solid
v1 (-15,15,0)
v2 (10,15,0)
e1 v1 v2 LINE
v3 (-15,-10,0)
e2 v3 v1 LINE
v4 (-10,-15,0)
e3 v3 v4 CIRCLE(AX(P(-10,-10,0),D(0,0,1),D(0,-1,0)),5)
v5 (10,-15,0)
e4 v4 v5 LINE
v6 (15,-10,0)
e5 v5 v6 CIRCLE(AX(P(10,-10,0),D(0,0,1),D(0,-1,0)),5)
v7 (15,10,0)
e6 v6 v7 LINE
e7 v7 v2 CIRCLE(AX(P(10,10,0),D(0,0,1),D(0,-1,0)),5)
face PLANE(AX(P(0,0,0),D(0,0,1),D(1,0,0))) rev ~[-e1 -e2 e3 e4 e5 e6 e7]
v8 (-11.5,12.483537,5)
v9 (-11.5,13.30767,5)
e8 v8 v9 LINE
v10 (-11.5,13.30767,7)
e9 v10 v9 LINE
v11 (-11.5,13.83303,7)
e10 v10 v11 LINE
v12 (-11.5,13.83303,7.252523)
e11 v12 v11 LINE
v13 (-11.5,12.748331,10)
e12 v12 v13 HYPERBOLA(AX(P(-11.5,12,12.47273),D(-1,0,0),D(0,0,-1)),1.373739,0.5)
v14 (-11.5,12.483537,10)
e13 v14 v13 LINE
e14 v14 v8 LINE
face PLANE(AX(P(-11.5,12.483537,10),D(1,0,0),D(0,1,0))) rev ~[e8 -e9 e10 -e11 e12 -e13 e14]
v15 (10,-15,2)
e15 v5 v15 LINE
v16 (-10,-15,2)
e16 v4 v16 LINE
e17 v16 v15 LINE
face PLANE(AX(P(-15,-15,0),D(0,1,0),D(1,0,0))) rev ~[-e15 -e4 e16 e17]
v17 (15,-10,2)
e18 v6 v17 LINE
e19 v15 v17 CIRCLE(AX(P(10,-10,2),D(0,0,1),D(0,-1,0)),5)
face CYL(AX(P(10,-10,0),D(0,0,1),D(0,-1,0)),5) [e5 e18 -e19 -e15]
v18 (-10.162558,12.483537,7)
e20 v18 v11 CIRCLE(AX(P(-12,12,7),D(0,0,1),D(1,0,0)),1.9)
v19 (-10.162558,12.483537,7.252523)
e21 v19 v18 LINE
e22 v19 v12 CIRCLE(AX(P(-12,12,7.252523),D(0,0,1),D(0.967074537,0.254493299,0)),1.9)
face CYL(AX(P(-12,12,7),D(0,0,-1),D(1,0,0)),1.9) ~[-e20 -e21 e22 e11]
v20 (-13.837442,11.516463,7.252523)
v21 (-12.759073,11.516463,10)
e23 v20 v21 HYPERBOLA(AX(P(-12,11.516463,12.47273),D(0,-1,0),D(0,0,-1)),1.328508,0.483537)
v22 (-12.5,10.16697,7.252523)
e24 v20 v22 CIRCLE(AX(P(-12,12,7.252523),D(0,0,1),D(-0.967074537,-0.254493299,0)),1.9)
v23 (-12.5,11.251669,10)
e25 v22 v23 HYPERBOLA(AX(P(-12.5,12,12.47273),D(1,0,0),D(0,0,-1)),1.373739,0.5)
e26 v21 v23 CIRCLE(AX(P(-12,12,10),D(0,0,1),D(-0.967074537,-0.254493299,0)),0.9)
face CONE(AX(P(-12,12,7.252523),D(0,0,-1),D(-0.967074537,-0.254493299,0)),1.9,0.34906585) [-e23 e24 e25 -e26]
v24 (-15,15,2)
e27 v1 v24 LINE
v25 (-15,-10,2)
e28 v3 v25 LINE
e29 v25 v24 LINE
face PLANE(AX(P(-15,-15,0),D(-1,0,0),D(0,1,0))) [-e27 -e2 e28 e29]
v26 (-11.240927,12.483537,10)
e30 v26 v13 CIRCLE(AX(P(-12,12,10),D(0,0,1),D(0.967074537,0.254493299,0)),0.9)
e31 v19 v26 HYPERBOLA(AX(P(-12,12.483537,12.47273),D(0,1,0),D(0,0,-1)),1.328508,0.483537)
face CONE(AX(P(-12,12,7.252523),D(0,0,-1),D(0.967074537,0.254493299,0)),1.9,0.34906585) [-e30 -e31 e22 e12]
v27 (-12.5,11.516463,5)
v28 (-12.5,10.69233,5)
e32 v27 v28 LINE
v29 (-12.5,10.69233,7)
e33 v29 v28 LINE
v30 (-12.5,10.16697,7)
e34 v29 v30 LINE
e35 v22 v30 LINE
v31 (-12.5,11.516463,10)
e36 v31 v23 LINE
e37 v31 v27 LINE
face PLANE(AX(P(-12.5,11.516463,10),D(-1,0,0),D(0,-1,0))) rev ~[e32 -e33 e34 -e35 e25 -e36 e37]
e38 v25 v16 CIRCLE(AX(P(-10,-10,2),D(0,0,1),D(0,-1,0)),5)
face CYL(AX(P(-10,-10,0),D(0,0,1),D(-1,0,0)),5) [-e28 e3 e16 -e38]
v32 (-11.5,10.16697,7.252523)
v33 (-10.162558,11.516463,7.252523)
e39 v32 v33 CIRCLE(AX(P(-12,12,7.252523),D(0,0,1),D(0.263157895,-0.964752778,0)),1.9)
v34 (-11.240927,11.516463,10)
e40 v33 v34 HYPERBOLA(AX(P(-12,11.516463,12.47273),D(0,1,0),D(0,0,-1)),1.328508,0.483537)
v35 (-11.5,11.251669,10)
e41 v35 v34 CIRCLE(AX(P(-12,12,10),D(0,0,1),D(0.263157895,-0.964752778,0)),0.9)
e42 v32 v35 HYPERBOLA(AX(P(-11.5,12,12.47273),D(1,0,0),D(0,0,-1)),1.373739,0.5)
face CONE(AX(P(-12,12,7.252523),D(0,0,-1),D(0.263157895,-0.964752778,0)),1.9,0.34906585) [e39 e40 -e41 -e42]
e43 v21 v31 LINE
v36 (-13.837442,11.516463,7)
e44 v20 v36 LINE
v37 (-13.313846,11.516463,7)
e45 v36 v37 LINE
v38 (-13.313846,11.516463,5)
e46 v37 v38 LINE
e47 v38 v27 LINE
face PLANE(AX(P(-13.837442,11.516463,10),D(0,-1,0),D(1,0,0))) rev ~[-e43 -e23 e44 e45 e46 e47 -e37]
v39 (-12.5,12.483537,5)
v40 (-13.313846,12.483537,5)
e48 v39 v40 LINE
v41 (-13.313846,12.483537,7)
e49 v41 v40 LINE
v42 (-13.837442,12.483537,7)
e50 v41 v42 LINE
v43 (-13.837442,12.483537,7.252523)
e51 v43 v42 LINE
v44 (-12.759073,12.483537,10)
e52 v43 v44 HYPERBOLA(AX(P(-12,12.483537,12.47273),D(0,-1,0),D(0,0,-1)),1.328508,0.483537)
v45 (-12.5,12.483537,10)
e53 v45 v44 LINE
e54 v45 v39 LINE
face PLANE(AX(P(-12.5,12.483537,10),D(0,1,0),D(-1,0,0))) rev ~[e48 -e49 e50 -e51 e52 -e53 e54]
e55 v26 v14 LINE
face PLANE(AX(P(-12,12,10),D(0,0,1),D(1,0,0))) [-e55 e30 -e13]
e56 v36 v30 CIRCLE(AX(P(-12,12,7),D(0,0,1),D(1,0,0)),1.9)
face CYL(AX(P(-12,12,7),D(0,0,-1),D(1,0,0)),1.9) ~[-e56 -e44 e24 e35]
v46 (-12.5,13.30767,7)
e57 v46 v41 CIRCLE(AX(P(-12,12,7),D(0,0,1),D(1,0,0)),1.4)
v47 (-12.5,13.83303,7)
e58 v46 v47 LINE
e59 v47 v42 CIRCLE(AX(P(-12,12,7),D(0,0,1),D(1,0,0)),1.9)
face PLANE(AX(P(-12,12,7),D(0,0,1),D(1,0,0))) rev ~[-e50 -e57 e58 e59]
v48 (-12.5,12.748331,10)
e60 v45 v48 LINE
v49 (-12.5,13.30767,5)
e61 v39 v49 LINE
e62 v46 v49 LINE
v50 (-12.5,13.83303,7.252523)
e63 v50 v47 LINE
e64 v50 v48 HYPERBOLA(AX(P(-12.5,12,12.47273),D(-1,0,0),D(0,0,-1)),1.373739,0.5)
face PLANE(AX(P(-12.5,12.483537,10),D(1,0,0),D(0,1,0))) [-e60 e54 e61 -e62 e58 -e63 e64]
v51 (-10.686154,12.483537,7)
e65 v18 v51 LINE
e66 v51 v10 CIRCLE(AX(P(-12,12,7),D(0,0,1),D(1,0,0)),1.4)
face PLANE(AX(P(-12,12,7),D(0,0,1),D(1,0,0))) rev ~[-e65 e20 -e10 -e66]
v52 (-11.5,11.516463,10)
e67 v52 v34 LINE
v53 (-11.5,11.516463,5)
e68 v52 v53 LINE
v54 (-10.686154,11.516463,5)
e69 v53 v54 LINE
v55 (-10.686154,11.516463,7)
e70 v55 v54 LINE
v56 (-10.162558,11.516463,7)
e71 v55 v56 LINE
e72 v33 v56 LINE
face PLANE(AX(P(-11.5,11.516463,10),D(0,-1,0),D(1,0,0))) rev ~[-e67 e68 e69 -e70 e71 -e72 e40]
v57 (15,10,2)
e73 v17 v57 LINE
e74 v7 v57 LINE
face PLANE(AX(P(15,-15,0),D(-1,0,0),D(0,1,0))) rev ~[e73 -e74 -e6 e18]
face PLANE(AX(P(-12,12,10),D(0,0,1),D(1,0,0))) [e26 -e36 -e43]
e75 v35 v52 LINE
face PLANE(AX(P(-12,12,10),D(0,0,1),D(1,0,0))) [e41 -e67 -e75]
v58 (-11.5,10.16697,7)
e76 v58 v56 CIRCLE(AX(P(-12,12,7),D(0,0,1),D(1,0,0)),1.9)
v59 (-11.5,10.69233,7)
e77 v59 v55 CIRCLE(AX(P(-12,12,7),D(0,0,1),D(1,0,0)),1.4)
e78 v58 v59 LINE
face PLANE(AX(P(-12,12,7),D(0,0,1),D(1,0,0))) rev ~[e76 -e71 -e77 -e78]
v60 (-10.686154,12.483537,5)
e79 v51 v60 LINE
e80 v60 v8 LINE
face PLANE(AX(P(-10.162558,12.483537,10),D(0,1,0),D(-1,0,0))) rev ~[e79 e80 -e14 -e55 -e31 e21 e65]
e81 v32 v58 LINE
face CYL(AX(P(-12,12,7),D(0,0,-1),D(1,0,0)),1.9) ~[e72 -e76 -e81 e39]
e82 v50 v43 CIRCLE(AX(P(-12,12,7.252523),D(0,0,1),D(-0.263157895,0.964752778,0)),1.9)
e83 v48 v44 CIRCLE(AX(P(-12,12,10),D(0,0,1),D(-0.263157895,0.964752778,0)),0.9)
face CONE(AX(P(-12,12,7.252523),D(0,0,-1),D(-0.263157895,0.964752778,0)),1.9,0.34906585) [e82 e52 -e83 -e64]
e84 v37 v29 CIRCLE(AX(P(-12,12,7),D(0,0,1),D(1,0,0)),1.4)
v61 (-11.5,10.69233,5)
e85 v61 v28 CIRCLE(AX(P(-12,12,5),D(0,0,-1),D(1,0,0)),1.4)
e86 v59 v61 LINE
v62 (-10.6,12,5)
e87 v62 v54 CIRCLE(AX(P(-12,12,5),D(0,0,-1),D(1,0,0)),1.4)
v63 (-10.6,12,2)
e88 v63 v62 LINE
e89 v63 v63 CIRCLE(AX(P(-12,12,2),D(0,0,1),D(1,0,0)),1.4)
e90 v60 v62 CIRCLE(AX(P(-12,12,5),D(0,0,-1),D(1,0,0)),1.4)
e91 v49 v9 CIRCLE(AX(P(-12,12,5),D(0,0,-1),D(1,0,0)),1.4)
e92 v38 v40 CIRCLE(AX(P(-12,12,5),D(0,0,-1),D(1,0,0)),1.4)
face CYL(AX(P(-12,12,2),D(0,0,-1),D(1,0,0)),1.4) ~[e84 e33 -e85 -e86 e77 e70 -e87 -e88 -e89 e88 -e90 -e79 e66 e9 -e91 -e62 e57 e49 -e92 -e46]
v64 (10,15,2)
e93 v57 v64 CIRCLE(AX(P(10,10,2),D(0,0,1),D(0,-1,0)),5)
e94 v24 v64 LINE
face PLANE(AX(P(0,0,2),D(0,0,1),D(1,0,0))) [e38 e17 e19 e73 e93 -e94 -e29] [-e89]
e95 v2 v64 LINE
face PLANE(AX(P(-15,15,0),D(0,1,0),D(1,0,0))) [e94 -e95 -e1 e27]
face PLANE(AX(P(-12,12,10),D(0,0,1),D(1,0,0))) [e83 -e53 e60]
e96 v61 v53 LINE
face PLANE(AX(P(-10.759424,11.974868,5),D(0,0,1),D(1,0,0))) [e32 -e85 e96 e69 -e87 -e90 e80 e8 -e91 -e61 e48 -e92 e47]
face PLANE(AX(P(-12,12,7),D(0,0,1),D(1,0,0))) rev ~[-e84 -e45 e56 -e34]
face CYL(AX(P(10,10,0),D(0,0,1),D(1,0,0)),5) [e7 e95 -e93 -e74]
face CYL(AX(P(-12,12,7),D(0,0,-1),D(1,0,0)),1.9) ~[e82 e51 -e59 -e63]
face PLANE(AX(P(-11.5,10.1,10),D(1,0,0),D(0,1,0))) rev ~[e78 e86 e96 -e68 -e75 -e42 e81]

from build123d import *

# Parameters (mm, degrees)
F0_W       = 30
F0_H       = 30
F1_DEPTH   = 2
F2_R       = 5
F3_R       = 1.4
F4_DEPTH   = 5
F5_R       = 1.9
F6_DEPTH   = 3
F7_W       = 1
F7_H       = 1.4164627314
F7_H_2     = 0.9670745373
F8_DEPTH   = 5
F9_SIZE2   = 1
F9_SIZE    = 2.7474774195
F9_2_SIZE2 = 1
F9_2_SIZE  = 2.7474774195
F9_3_SIZE2 = 1
F9_3_SIZE  = 2.7474774195
F9_4_SIZE2 = 1
F9_4_SIZE  = 2.7474774195


with BuildPart() as f1:
    # F0 (on Top) → F1 (new body)
    with BuildSketch(Plane.XY):
        Rectangle(F0_W, F0_H)
    extrude(amount=F1_DEPTH)

    # F2
    f2_edges = [f1.edges().sort_by_distance(p)[0] for p in [
        (-15, -15, 1),
        (15, -15, 1),
        (15, 15, 1),
    ]]
    fillet(f2_edges, radius=F2_R)

    # F3 (on face) → F4 (join)
    with BuildSketch(Plane.XY.offset(2)):
        with Locations((-12, 12)):
            Circle(F3_R)
    extrude(amount=F4_DEPTH)

    # F5 (on face) → F6 (join)
    with BuildSketch(Plane.XY.offset(7)):
        with Locations((-12, 12)):
            Circle(F5_R)
    extrude(amount=F6_DEPTH)

    # F7 (on face) → F8 (cut)
    with BuildSketch(Plane.XY.offset(10)):
        Polygon((-11.5, 11.5164627314), (-9.9080650799, 11.5164627314), (-10.1625583792, 12.4835372686), (-11.5, 12.4835372686), align=None)
        with Locations((-12, 10.8082313657)):
            Rectangle(F7_W, F7_H)
        with Locations((-12, 12)):
            Rectangle(F7_W, F7_H_2)
        Polygon((-13.8374416208, 11.5164627314), (-12.5, 11.5164627314), (-12.5, 12.4835372686), (-14.0919349201, 12.4835372686), align=None)
        with Locations((-12, 13.1917686343)):
            Rectangle(F7_W, F7_H)
    extrude(amount=-F8_DEPTH, mode=Mode.SUBTRACT)

    # F9
    f9_edges = [f1.edges().sort_by_distance(p)[0] for p in [
        (-10.650485, 13.337464, 10),
    ]]
    f9_side = f1.faces().sort_by_distance((-10.650485, 13.337464, 8.5))[0]
    chamfer(f9_edges, length=F9_SIZE, length2=F9_SIZE2, reference=f9_side)

    # F9#2
    f9_2_edges = [f1.edges().sort_by_distance(p)[0] for p in [
        (-10.650485, 10.662536, 10),
    ]]
    f9_2_side = f1.faces().sort_by_distance((-10.650485, 10.662536, 8.5))[0]
    chamfer(f9_2_edges, length=F9_2_SIZE, length2=F9_2_SIZE2, reference=f9_2_side)

    # F9#3
    f9_3_edges = [f1.edges().sort_by_distance(p)[0] for p in [
        (-13.349515, 13.337464, 10),
    ]]
    f9_3_side = f1.faces().sort_by_distance((-13.349515, 13.337464, 8.5))[0]
    chamfer(f9_3_edges, length=F9_3_SIZE, length2=F9_3_SIZE2, reference=f9_3_side)

    # F9#4
    f9_4_edges = [f1.edges().sort_by_distance(p)[0] for p in [
        (-13.349515, 10.662536, 10),
    ]]
    f9_4_side = f1.faces().sort_by_distance((-13.349515, 10.662536, 8.5))[0]
    chamfer(f9_4_edges, length=F9_4_SIZE, length2=F9_4_SIZE2, reference=f9_4_side)


solid = f1.part
